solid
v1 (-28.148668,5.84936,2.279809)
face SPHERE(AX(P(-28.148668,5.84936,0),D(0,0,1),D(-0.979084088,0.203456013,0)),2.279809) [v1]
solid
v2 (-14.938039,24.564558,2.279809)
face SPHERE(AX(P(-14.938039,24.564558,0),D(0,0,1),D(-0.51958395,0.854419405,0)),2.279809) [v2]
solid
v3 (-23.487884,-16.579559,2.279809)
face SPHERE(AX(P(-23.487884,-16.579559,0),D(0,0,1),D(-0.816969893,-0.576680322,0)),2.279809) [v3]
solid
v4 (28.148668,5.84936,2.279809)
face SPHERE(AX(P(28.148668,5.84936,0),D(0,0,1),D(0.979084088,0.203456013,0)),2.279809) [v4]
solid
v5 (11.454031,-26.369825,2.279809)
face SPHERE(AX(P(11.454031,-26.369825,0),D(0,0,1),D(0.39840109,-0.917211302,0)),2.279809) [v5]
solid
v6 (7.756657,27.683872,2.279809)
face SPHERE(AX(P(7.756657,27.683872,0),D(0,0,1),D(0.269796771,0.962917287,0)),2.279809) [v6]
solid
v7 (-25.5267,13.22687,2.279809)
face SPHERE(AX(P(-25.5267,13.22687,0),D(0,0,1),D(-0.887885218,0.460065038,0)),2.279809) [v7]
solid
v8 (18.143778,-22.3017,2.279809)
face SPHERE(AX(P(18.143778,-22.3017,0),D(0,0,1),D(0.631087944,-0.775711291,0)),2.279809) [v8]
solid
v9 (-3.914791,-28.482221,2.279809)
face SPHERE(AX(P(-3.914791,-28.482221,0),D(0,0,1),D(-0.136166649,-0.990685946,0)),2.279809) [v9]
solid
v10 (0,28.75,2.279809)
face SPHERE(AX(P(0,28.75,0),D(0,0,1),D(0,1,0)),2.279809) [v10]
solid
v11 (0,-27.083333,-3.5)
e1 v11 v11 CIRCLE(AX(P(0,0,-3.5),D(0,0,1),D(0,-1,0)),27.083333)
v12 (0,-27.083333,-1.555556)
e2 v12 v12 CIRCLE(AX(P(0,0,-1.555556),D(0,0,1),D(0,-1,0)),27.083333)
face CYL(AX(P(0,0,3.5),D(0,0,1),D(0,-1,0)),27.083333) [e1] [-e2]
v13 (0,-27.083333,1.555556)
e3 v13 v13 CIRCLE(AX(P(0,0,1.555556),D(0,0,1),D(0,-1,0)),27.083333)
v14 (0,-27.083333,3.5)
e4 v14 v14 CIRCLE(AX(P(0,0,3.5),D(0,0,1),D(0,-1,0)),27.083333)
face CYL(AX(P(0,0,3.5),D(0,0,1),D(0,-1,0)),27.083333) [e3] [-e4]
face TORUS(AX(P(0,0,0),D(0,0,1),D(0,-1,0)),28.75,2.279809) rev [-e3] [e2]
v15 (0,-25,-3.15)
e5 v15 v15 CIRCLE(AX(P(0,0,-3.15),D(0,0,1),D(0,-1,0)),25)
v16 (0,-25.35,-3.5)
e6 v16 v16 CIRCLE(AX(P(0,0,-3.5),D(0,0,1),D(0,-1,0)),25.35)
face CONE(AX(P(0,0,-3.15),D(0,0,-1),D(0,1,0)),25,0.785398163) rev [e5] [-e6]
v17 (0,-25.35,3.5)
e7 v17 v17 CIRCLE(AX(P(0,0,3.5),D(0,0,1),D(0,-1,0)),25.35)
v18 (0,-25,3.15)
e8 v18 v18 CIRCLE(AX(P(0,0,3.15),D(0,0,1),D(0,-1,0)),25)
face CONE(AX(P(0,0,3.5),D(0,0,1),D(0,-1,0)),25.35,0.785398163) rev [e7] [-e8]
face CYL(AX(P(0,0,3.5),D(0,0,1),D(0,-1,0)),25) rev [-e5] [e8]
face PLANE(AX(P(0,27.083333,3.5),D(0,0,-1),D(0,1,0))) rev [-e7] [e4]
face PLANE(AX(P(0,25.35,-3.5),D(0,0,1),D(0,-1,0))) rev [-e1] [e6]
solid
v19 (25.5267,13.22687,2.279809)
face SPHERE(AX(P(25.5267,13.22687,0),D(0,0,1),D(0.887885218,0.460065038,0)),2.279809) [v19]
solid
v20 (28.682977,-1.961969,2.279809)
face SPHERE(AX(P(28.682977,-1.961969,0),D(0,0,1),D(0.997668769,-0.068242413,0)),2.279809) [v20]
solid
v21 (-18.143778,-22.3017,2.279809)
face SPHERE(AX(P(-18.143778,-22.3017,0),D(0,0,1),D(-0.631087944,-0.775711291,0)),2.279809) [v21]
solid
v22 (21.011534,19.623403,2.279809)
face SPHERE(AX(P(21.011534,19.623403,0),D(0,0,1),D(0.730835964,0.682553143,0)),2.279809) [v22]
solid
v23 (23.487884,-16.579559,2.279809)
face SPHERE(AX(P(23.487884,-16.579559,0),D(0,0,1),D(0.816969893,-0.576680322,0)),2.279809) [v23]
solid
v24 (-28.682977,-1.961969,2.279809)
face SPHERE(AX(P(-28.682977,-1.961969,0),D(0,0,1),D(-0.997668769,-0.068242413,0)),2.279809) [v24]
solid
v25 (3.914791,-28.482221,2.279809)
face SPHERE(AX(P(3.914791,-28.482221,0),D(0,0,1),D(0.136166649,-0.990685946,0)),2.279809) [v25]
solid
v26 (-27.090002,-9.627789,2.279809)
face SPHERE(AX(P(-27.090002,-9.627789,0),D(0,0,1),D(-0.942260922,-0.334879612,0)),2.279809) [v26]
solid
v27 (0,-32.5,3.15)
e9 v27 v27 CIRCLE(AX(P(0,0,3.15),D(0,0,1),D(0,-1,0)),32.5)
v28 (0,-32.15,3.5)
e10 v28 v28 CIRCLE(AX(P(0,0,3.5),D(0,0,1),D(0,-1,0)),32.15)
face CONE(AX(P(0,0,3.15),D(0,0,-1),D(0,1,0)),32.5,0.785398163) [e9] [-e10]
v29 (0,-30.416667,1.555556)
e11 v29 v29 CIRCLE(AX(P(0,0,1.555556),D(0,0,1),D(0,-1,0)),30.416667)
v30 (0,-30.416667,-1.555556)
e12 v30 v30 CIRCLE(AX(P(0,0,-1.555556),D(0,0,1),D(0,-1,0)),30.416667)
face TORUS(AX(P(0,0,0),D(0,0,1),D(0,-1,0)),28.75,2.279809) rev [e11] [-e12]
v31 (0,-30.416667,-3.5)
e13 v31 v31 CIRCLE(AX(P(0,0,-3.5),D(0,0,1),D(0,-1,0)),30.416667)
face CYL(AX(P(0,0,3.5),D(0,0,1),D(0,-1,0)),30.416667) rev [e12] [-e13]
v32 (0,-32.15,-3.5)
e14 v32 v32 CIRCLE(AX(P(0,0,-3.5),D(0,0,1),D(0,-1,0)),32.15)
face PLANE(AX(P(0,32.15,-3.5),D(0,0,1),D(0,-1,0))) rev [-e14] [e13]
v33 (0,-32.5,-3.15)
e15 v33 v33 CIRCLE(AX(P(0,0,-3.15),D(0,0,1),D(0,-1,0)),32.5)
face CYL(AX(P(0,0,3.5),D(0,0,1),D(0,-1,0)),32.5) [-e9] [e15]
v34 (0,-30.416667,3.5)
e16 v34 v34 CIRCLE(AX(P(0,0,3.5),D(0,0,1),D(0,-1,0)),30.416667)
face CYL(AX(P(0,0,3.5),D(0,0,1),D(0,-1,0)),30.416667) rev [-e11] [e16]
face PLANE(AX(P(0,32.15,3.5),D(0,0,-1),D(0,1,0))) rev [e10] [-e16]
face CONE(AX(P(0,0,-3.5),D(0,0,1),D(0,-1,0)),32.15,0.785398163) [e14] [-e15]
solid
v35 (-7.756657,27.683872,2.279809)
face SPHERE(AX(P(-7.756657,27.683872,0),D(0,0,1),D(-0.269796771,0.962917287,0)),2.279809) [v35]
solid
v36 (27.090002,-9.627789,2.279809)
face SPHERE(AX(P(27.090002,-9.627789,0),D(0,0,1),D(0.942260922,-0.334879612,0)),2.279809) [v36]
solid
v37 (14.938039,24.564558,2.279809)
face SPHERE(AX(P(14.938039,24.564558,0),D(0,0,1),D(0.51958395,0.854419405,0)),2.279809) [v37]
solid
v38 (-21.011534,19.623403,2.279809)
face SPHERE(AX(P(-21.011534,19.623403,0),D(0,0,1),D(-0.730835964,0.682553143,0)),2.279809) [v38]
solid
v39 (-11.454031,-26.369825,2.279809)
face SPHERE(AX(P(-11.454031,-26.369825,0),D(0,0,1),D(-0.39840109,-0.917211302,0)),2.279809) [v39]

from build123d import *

# Parameters (mm, degrees)
CIRPATTERN1_COUNT = 23


with BuildPart() as part:
    # Sketch6 → Revolve5 (revolve)
    with BuildSketch(Plane(origin=(0, 0, 0), x_dir=(0, 0, -1), z_dir=(1, 0, 0)), mode=Mode.PRIVATE) as revolve5_sk:
        with BuildLine():
            Line((3.15, 32.5), (3.5, 32.15))
            Line((3.5, 32.15), (3.5, 30.416666667))
            Line((3.5, 30.416666667), (1.555555556, 30.416666667))
            ThreePointArc((1.555555556, 30.416666667), (0, 31.029809392), (-1.555555556, 30.416666667))
            Line((-1.555555556, 30.416666667), (-3.5, 30.416666667))
            Line((-3.5, 30.416666667), (-3.5, 32.15))
            Line((-3.5, 32.15), (-3.15, 32.5))
            Line((-3.15, 32.5), (3.15, 32.5))
        make_face()
    revolve(revolve5_sk.sketch.rotate(Axis((0, 0, 3.5), (0, 0, -1)), 180), axis=Axis((0, 0, 3.5), (0, 0, -1)))


with BuildPart() as body_2:
    # Sketch3 → Revolve3 (revolve)
    with BuildSketch(Plane(origin=(0, 0, 0), x_dir=(0, 0, -1), z_dir=(1, 0, 0)), mode=Mode.PRIVATE) as revolve3_sk:
        with BuildLine():
            Line((-3.5, 27.083333333), (-1.555555556, 27.083333333))
            ThreePointArc((-1.555555556, 27.083333333), (0, 26.470190608), (1.555555556, 27.083333333))
            Line((1.555555556, 27.083333333), (3.5, 27.083333333))
            Line((3.5, 27.083333333), (3.5, 25.35))
            Line((3.5, 25.35), (3.15, 25))
            Line((3.15, 25), (-3.15, 25))
            Line((-3.15, 25), (-3.5, 25.35))
            Line((-3.5, 25.35), (-3.5, 27.083333333))
        make_face()
    revolve(revolve3_sk.sketch.rotate(Axis((0, 0, 3.5), (0, 0, -1)), 180), axis=Axis((0, 0, 3.5), (0, 0, -1)))


with BuildPart() as body_3:
    # Sketch4 → Revolve4 (revolve)
    with BuildSketch(Plane(origin=(0, 0, 0), x_dir=(0, 0, -1), z_dir=(1, 0, 0))):
        with BuildLine():
            Line((-2.279809392, 28.75), (2.279809392, 28.75))
            ThreePointArc((2.279809392, 28.75), (0, 31.029809392), (-2.279809392, 28.75))
        make_face()
    revolve(axis=Axis((0, 28.75, 2.279809392), (0, 0, -1)))


with BuildPart() as cirpattern1_1:
    # CirPattern1: pattern copy
    add(body_3.part.rotate(Axis((0, 0, 0), (0, 0, 1)), 1 * 360 / CIRPATTERN1_COUNT))


with BuildPart() as cirpattern1_2:
    # CirPattern1: pattern copy
    add(body_3.part.rotate(Axis((0, 0, 0), (0, 0, 1)), 2 * 360 / CIRPATTERN1_COUNT))


with BuildPart() as cirpattern1_3:
    # CirPattern1: pattern copy
    add(body_3.part.rotate(Axis((0, 0, 0), (0, 0, 1)), 3 * 360 / CIRPATTERN1_COUNT))


with BuildPart() as cirpattern1_4:
    # CirPattern1: pattern copy
    add(body_3.part.rotate(Axis((0, 0, 0), (0, 0, 1)), 4 * 360 / CIRPATTERN1_COUNT))


with BuildPart() as cirpattern1_5:
    # CirPattern1: pattern copy
    add(body_3.part.rotate(Axis((0, 0, 0), (0, 0, 1)), 5 * 360 / CIRPATTERN1_COUNT))


with BuildPart() as cirpattern1_6:
    # CirPattern1: pattern copy
    add(body_3.part.rotate(Axis((0, 0, 0), (0, 0, 1)), 6 * 360 / CIRPATTERN1_COUNT))


with BuildPart() as cirpattern1_7:
    # CirPattern1: pattern copy
    add(body_3.part.rotate(Axis((0, 0, 0), (0, 0, 1)), 7 * 360 / CIRPATTERN1_COUNT))


with BuildPart() as cirpattern1_8:
    # CirPattern1: pattern copy
    add(body_3.part.rotate(Axis((0, 0, 0), (0, 0, 1)), 8 * 360 / CIRPATTERN1_COUNT))


with BuildPart() as cirpattern1_9:
    # CirPattern1: pattern copy
    add(body_3.part.rotate(Axis((0, 0, 0), (0, 0, 1)), 9 * 360 / CIRPATTERN1_COUNT))


with BuildPart() as cirpattern1_10:
    # CirPattern1: pattern copy
    add(body_3.part.rotate(Axis((0, 0, 0), (0, 0, 1)), 10 * 360 / CIRPATTERN1_COUNT))


with BuildPart() as cirpattern1_11:
    # CirPattern1: pattern copy
    add(body_3.part.rotate(Axis((0, 0, 0), (0, 0, 1)), 11 * 360 / CIRPATTERN1_COUNT))


with BuildPart() as cirpattern1_12:
    # CirPattern1: pattern copy
    add(body_3.part.rotate(Axis((0, 0, 0), (0, 0, 1)), 12 * 360 / CIRPATTERN1_COUNT))


with BuildPart() as cirpattern1_13:
    # CirPattern1: pattern copy
    add(body_3.part.rotate(Axis((0, 0, 0), (0, 0, 1)), 13 * 360 / CIRPATTERN1_COUNT))


with BuildPart() as cirpattern1_14:
    # CirPattern1: pattern copy
    add(body_3.part.rotate(Axis((0, 0, 0), (0, 0, 1)), 14 * 360 / CIRPATTERN1_COUNT))


with BuildPart() as cirpattern1_15:
    # CirPattern1: pattern copy
    add(body_3.part.rotate(Axis((0, 0, 0), (0, 0, 1)), 15 * 360 / CIRPATTERN1_COUNT))


with BuildPart() as cirpattern1_16:
    # CirPattern1: pattern copy
    add(body_3.part.rotate(Axis((0, 0, 0), (0, 0, 1)), 16 * 360 / CIRPATTERN1_COUNT))


with BuildPart() as cirpattern1_17:
    # CirPattern1: pattern copy
    add(body_3.part.rotate(Axis((0, 0, 0), (0, 0, 1)), 17 * 360 / CIRPATTERN1_COUNT))


with BuildPart() as cirpattern1_18:
    # CirPattern1: pattern copy
    add(body_3.part.rotate(Axis((0, 0, 0), (0, 0, 1)), 18 * 360 / CIRPATTERN1_COUNT))


with BuildPart() as cirpattern1_19:
    # CirPattern1: pattern copy
    add(body_3.part.rotate(Axis((0, 0, 0), (0, 0, 1)), 19 * 360 / CIRPATTERN1_COUNT))


with BuildPart() as cirpattern1_20:
    # CirPattern1: pattern copy
    add(body_3.part.rotate(Axis((0, 0, 0), (0, 0, 1)), 20 * 360 / CIRPATTERN1_COUNT))


with BuildPart() as cirpattern1_21:
    # CirPattern1: pattern copy
    add(body_3.part.rotate(Axis((0, 0, 0), (0, 0, 1)), 21 * 360 / CIRPATTERN1_COUNT))


with BuildPart() as cirpattern1_22:
    # CirPattern1: pattern copy
    add(body_3.part.rotate(Axis((0, 0, 0), (0, 0, 1)), 22 * 360 / CIRPATTERN1_COUNT))


solid = Compound([part.part, body_2.part, body_3.part, cirpattern1_1.part, cirpattern1_2.part, cirpattern1_3.part, cirpattern1_4.part, cirpattern1_5.part, cirpattern1_6.part, cirpattern1_7.part, cirpattern1_8.part, cirpattern1_9.part, cirpattern1_10.part, cirpattern1_11.part, cirpattern1_12.part, cirpattern1_13.part, cirpattern1_14.part, cirpattern1_15.part, cirpattern1_16.part, cirpattern1_17.part, cirpattern1_18.part, cirpattern1_19.part, cirpattern1_20.part, cirpattern1_21.part, cirpattern1_22.part])
